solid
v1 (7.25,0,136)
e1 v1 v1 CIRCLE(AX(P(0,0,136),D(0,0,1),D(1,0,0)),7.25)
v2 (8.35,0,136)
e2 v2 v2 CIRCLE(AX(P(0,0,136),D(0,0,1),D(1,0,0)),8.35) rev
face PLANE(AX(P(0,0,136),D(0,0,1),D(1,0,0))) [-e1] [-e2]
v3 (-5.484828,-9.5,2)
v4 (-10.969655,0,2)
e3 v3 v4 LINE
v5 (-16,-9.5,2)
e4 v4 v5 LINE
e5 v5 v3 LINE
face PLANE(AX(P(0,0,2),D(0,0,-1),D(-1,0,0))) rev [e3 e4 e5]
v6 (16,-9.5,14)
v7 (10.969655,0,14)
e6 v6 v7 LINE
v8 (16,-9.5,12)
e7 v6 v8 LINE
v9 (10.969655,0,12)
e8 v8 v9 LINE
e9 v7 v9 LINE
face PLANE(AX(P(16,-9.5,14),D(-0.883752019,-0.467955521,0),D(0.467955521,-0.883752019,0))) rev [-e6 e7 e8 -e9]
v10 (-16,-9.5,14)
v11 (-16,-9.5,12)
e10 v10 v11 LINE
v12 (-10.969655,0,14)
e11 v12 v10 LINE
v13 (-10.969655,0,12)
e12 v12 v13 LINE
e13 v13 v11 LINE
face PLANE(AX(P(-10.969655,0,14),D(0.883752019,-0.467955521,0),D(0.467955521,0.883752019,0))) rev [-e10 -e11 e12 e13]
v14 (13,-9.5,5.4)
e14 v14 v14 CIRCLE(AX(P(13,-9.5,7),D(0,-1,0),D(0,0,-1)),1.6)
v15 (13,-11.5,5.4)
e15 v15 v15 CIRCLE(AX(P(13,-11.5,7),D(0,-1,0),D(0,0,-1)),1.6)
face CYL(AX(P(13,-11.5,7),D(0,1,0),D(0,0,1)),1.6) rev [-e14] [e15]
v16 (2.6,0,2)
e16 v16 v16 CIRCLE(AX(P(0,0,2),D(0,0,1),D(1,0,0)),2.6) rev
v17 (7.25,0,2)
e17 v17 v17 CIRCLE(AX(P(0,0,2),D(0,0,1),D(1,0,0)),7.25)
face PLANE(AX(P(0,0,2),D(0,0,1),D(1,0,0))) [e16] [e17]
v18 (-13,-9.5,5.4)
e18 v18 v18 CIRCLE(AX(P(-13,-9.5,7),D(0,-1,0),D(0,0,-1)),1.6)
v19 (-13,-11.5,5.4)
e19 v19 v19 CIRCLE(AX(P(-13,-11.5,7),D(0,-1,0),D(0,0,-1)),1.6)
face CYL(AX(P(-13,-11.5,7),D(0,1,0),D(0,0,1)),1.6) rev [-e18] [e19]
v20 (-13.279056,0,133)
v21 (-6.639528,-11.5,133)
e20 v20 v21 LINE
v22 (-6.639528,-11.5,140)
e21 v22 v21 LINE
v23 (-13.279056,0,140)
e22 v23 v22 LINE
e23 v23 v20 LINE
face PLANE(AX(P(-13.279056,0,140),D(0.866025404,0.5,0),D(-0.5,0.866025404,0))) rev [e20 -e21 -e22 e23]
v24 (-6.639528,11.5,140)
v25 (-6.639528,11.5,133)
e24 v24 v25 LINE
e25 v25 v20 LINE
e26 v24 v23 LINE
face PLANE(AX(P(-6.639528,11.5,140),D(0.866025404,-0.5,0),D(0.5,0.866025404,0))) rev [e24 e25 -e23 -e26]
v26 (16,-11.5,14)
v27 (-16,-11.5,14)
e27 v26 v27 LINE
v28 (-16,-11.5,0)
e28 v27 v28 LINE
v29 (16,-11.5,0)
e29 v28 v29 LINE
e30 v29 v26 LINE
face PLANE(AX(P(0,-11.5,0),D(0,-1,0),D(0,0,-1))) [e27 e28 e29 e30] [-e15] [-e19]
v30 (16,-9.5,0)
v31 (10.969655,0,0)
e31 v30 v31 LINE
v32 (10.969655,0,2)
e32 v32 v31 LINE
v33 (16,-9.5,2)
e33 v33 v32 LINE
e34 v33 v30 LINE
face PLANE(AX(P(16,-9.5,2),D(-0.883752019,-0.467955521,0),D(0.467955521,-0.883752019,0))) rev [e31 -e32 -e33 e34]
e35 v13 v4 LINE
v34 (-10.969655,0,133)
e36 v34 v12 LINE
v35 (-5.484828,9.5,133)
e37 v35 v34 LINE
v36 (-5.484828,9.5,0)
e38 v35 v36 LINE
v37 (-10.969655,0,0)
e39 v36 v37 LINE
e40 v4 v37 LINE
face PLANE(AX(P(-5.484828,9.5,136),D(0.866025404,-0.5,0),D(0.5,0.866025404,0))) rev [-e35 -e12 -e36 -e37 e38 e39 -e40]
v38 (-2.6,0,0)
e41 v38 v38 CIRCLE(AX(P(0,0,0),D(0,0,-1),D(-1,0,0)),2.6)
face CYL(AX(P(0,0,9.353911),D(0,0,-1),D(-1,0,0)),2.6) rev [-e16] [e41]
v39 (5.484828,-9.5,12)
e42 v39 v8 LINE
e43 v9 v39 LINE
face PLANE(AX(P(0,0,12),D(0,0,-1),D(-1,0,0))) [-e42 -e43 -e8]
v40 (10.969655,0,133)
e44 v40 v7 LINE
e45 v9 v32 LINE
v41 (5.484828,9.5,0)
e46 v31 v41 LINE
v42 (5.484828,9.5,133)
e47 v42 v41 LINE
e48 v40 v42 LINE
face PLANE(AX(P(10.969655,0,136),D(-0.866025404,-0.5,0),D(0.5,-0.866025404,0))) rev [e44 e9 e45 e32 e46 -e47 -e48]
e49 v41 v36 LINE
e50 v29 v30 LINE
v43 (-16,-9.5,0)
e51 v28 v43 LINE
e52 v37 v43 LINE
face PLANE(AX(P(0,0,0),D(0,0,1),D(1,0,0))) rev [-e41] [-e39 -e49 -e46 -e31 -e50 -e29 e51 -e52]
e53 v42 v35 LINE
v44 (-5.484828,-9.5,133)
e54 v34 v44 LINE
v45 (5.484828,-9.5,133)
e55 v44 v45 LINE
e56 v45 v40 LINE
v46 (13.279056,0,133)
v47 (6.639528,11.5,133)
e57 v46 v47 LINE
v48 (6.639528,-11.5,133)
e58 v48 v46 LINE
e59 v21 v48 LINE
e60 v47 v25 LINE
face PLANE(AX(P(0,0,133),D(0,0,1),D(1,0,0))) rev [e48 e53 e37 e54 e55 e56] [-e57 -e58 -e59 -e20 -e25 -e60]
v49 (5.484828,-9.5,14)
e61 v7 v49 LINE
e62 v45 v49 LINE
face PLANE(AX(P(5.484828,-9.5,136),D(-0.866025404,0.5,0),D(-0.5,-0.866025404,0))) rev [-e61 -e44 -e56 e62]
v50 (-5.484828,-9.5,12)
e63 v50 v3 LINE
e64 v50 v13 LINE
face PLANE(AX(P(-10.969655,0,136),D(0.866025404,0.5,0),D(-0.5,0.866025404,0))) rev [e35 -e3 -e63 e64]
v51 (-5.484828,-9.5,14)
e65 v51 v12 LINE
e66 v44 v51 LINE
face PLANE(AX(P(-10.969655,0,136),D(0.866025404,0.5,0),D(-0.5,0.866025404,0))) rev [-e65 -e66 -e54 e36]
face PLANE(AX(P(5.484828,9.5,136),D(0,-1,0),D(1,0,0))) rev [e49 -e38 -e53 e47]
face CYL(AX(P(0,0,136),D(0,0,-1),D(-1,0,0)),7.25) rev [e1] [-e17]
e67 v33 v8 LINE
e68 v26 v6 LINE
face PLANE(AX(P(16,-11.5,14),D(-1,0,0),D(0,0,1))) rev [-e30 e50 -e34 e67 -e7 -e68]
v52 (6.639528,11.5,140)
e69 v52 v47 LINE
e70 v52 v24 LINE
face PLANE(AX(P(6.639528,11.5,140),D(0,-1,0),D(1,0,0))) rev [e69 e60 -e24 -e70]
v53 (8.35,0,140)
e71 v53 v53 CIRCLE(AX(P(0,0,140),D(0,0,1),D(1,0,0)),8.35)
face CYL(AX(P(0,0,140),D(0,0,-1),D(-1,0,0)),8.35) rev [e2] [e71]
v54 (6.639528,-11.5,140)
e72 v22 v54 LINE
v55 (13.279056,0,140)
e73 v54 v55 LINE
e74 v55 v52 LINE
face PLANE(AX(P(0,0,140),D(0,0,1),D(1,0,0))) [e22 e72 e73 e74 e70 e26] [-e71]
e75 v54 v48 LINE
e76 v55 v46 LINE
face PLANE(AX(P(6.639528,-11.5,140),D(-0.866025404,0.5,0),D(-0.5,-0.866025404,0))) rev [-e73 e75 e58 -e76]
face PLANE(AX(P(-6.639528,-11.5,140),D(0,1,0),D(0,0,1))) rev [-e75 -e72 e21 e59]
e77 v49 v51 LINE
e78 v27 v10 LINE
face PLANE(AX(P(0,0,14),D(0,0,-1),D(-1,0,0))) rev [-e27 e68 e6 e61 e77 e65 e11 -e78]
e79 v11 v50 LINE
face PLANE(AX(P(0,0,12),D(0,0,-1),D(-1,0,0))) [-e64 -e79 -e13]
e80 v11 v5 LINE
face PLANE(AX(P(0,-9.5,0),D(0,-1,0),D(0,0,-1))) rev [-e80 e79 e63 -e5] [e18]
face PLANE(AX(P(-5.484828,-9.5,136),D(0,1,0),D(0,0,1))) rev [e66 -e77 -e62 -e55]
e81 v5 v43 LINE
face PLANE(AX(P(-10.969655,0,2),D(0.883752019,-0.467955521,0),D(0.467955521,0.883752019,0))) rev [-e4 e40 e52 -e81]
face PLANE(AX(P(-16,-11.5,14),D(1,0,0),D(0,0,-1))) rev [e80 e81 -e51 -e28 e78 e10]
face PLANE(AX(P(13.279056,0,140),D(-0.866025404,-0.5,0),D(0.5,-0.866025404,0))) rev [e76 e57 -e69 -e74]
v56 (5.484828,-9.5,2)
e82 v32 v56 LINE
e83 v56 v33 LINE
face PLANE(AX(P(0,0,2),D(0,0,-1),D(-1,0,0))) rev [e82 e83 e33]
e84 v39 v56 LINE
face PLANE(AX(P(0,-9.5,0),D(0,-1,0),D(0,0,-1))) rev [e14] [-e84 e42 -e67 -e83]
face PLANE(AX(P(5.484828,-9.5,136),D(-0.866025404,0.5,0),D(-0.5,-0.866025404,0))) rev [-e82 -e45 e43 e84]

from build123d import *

# Parameters (mm, degrees)
SKIZZE1_R                        = 7.25
AUFSATZ_LINEAR_AUSTRAGEN1_DEPTH  = 136
SKIZZE2_R                        = 7.25
AUFSATZ_LINEAR_AUSTRAGEN2_DEPTH  = 2
SKIZZE3_R                        = 8.35
AUFSATZ_LINEAR_AUSTRAGEN3_DEPTH  = 7
AUFSATZ_LINEAR_AUSTRAGEN6_DEPTH  = 2
LINEARES_MUSTER3_COUNT           = 2
LINEARES_MUSTER3_PITCH           = 12
SKIZZE12_W                       = 32
SKIZZE12_H                       = 14
SKIZZE12_R                       = 1.6
AUFSATZ_LINEAR_AUSTRAGEN14_DEPTH = 2
SKIZZE14_R                       = 2.6
SCHNITT_LINEAR_AUSTRAGEN1_DEPTH  = 2


with BuildPart() as part:
    # Skizze1 → Aufsatz-Linear austragen1 (new body)
    with BuildSketch(Plane.XY):
        Polygon((-10.969655115, 0), (-5.484827557, -9.5), (5.484827557, -9.5), (10.969655115, 0), (5.484827557, 9.5), (-5.484827557, 9.5), align=None)
        Circle(SKIZZE1_R, mode=Mode.SUBTRACT)
    extrude(amount=AUFSATZ_LINEAR_AUSTRAGEN1_DEPTH)

    # Skizze2 → Aufsatz-Linear austragen2 (add)
    with BuildSketch(Plane.XY):
        Circle(SKIZZE2_R)
    extrude(amount=AUFSATZ_LINEAR_AUSTRAGEN2_DEPTH)

    # Skizze3 → Aufsatz-Linear austragen3 (add)
    with BuildSketch(Plane.XY.offset(133)):
        Polygon((13.279056191, 0), (6.639528096, 11.5), (-6.639528096, 11.5), (-13.279056191, 0), (-6.639528096, -11.5), (6.639528096, -11.5), align=None)
        Circle(SKIZZE3_R, mode=Mode.SUBTRACT)
    extrude(amount=AUFSATZ_LINEAR_AUSTRAGEN3_DEPTH)

    # Skizze7 → Aufsatz-Linear austragen6 (add)
    with BuildSketch(Plane.XY):
        Polygon((10.969655115, 0), (5.484827557, -9.5), (16, -9.5), align=None)
        Polygon((-5.484827557, -9.5), (-10.969655115, 0), (-16, -9.5), align=None)
    aufsatz_linear_austragen6 = extrude(amount=AUFSATZ_LINEAR_AUSTRAGEN6_DEPTH)

    # Lineares Muster3: Aufsatz-Linear austragen6 ×2
    with Locations(*[(0, 0, i * LINEARES_MUSTER3_PITCH) for i in range(1, LINEARES_MUSTER3_COUNT)]):
        add(aufsatz_linear_austragen6)

    # Skizze12 → Aufsatz-Linear austragen14 (add)
    with BuildSketch(Plane.XZ.offset(9.5)):
        with Locations((0, 7)):
            Rectangle(SKIZZE12_W, SKIZZE12_H)
        with Locations((-13, 7)):
            Circle(SKIZZE12_R, mode=Mode.SUBTRACT)
        with Locations((13, 7)):
            Circle(SKIZZE12_R, mode=Mode.SUBTRACT)
    extrude(amount=AUFSATZ_LINEAR_AUSTRAGEN14_DEPTH)

    # Skizze14 → Schnitt-Linear austragen1 (cut)
    with BuildSketch(Plane(origin=(0, 0, 0), x_dir=(-1, 0, 0), z_dir=(0, 0, -1))):
        Circle(SKIZZE14_R)
    extrude(amount=-SCHNITT_LINEAR_AUSTRAGEN1_DEPTH, mode=Mode.SUBTRACT)


solid = part.part
